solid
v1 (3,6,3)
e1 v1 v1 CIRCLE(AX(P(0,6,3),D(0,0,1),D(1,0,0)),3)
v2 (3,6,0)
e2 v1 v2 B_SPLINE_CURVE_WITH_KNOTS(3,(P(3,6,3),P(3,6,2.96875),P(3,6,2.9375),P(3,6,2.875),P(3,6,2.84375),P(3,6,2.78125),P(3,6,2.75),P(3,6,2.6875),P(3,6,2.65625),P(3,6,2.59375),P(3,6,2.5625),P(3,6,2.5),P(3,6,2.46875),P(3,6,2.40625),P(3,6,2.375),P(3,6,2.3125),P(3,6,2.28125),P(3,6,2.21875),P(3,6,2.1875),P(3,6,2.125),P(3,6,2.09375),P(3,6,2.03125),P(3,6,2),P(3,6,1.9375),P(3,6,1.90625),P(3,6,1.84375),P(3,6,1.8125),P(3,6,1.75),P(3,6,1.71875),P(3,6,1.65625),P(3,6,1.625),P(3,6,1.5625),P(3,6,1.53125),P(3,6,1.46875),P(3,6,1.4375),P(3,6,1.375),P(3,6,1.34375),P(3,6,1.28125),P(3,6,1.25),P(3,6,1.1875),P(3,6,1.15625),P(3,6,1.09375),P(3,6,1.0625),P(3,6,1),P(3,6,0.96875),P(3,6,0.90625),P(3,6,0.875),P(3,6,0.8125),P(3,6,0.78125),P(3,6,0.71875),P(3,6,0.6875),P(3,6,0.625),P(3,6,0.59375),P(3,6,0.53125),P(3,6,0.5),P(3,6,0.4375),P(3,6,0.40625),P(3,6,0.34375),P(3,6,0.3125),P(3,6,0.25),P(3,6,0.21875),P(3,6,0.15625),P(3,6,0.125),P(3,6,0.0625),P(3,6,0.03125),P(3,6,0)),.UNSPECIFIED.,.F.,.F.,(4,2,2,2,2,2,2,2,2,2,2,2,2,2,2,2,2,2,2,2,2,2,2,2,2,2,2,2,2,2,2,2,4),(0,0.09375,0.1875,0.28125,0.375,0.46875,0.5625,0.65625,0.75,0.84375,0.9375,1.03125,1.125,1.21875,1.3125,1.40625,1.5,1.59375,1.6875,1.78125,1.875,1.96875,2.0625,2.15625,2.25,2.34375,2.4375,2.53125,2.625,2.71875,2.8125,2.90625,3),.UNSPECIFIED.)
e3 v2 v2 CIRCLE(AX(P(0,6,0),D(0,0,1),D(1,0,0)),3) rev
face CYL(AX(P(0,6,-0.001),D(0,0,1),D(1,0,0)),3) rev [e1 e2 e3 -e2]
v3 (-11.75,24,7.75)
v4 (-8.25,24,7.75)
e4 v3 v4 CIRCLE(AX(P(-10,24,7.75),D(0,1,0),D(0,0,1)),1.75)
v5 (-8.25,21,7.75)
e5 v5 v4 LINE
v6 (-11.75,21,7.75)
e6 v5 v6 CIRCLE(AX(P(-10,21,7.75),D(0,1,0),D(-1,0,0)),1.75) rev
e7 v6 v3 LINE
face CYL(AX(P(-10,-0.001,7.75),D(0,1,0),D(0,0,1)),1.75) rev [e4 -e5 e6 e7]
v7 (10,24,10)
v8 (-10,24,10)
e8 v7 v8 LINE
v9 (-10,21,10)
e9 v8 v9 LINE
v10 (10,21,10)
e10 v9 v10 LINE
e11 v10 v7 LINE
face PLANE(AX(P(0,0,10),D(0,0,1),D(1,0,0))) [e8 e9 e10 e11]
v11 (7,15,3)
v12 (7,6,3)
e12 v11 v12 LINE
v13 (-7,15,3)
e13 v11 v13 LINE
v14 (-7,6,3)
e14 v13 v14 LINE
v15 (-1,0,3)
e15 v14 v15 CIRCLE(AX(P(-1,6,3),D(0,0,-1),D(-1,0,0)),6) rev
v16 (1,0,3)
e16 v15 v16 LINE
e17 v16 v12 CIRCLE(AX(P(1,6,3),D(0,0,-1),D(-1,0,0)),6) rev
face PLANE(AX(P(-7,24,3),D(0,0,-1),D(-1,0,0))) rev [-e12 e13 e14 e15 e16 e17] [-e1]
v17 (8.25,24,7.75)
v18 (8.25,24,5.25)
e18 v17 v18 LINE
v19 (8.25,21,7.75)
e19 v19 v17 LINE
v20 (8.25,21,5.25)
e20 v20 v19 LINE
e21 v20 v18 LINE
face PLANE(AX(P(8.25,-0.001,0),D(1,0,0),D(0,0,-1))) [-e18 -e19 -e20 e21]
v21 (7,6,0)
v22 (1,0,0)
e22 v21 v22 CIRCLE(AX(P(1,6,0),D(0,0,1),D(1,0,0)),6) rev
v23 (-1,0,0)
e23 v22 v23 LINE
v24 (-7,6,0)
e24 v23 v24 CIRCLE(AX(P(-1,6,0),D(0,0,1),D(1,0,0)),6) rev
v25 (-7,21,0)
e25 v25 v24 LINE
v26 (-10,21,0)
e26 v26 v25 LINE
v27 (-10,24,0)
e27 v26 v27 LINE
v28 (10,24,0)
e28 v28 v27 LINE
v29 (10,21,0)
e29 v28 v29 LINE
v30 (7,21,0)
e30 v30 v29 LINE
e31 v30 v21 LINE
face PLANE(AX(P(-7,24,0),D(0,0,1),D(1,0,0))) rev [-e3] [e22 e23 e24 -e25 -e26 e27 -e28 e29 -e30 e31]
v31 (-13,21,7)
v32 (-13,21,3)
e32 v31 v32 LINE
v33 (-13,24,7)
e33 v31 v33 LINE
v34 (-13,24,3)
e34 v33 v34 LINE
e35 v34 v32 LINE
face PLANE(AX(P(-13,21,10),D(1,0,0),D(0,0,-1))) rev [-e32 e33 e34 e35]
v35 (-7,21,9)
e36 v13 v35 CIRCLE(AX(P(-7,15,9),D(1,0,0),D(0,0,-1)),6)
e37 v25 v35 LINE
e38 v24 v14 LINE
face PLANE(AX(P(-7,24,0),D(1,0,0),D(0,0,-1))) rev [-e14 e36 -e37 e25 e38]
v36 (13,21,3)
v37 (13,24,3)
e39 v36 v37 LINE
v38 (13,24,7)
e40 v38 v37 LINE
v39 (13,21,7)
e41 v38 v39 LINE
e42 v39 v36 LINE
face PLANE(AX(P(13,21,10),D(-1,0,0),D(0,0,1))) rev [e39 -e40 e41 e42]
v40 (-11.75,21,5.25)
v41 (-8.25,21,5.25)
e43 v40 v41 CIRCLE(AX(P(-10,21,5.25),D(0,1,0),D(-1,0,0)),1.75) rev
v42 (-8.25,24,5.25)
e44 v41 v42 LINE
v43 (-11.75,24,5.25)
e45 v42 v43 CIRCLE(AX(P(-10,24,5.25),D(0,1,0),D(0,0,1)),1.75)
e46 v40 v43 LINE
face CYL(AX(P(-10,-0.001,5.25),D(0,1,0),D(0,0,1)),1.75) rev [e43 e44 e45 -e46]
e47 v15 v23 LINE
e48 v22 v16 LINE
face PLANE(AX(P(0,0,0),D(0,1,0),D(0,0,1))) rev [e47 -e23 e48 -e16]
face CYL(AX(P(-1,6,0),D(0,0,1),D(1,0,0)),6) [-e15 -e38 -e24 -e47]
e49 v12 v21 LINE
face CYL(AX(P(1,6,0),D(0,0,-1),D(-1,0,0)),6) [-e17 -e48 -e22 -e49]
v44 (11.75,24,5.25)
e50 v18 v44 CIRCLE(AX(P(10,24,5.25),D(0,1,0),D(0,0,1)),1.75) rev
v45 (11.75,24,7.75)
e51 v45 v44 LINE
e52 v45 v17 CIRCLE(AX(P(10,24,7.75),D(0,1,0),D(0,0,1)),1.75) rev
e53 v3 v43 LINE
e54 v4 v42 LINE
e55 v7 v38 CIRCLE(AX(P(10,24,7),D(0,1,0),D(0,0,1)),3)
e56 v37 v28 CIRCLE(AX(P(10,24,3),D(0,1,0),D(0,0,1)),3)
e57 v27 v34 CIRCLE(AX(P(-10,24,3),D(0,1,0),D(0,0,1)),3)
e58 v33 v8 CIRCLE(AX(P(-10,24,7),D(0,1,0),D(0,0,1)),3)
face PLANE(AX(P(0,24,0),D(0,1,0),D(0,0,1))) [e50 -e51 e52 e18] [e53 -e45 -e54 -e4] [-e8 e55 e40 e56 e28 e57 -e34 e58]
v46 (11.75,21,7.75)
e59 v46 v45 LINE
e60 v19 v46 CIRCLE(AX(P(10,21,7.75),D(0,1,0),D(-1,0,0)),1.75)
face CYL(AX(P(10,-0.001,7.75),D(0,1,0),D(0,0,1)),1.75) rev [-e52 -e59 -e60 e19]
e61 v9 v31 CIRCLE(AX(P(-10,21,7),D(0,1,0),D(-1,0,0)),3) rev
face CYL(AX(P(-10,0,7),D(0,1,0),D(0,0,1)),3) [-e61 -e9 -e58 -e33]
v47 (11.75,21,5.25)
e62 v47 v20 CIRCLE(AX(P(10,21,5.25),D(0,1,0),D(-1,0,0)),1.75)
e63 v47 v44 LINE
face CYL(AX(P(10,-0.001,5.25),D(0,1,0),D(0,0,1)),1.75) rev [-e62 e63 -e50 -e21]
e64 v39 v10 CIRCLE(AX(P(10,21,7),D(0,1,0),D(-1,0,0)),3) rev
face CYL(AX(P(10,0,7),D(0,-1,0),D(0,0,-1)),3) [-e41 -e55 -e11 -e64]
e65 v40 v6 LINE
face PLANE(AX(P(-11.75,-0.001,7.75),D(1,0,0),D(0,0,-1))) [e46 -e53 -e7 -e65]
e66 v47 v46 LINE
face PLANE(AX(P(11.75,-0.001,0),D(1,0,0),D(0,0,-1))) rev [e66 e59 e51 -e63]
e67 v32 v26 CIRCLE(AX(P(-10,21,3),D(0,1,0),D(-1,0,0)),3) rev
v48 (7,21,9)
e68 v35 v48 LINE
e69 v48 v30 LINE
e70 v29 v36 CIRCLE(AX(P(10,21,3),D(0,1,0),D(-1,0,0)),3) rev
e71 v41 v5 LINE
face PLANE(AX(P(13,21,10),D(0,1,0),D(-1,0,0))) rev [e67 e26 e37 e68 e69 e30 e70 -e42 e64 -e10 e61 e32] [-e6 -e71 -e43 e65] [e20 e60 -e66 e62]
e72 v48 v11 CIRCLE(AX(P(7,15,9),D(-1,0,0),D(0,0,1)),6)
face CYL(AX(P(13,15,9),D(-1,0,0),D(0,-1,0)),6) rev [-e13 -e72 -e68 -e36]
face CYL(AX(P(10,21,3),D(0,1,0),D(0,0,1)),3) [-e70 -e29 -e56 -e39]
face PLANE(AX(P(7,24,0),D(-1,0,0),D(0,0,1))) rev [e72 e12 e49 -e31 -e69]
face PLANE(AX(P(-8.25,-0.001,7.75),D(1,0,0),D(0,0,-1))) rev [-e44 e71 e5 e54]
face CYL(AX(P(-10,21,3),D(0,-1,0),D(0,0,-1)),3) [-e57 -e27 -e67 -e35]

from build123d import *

# Parameters (mm, degrees)
SKETCH1_W           = 14
SKETCH1_H           = 3
BOSS_EXTRUDE1_DEPTH = 24
CUT_EXTRUDE1_REACH  = 27.179
SKETCH2_R           = 3
SKETCH3_W           = 26
SKETCH3_H           = 3
BOSS_EXTRUDE2_DEPTH = 10
CUT_EXTRUDE2_REACH  = 31.069
FILLET1_R           = 3
FILLET2_R           = 6


with BuildPart() as part:
    # Sketch1 → Boss-Extrude1 (new body)
    with BuildSketch(Plane(origin=(0, 0, 0), x_dir=(1, 0, 0), z_dir=(0, 1, 0))):
        with Locations((0, -1.5)):
            Rectangle(SKETCH1_W, SKETCH1_H)
    extrude(amount=BOSS_EXTRUDE1_DEPTH)

    # Sketch2 → Cut-Extrude1 (cut, up to next)
    with BuildSketch(Plane.XY.offset(3), mode=Mode.PRIVATE) as cut_extrude1_sk1:
        with Locations((0, 6)):
            Circle(SKETCH2_R)
    cut_extrude1_tool1 = extrude(cut_extrude1_sk1.sketch, amount=-CUT_EXTRUDE1_REACH, mode=Mode.PRIVATE) & part.part
    add(cut_extrude1_tool1.solids().sort_by_distance((0, 6, 3))[0], mode=Mode.SUBTRACT)

    # Sketch3 → Boss-Extrude2 (add)
    with BuildSketch(Plane.XY):
        with Locations((0, 22.5)):
            Rectangle(SKETCH3_W, SKETCH3_H)
    extrude(amount=BOSS_EXTRUDE2_DEPTH)

    # Sketch4 → Cut-Extrude2 (cut, up to next)
    with BuildSketch(Plane(origin=(0, 24, 0), x_dir=(1, 0, 0), z_dir=(0, 1, 0)), mode=Mode.PRIVATE) as cut_extrude2_sk1:
        with BuildLine():
            ThreePointArc((8.25, -5.25), (10, -3.5), (11.75, -5.25))
            Line((11.75, -5.25), (11.75, -7.75))
            ThreePointArc((11.75, -7.75), (10, -9.5), (8.25, -7.75))
            Line((8.25, -7.75), (8.25, -5.25))
        make_face()
    cut_extrude2_tool1 = extrude(cut_extrude2_sk1.sketch, amount=-CUT_EXTRUDE2_REACH, mode=Mode.PRIVATE) & part.part
    # Sketch4 → Cut-Extrude2 (cut, up to next)
    with BuildSketch(Plane(origin=(0, 24, 0), x_dir=(1, 0, 0), z_dir=(0, 1, 0)), mode=Mode.PRIVATE) as cut_extrude2_sk2:
        with BuildLine():
            Line((-8.25, -7.75), (-8.25, -5.25))
            ThreePointArc((-8.25, -5.25), (-10, -3.5), (-11.75, -5.25))
            Line((-11.75, -5.25), (-11.75, -7.75))
            ThreePointArc((-11.75, -7.75), (-10, -9.5), (-8.25, -7.75))
        make_face()
    cut_extrude2_tool2 = extrude(cut_extrude2_sk2.sketch, amount=-CUT_EXTRUDE2_REACH, mode=Mode.PRIVATE) & part.part
    add(cut_extrude2_tool1.solids().sort_by_distance((10, 24, 6.5))[0], mode=Mode.SUBTRACT)
    add(cut_extrude2_tool2.solids().sort_by_distance((-10, 24, 6.5))[0], mode=Mode.SUBTRACT)

    # Fillet1
    fillet1_edges = [part.edges().sort_by_distance(p)[0] for p in [
        (13, 22.5, 0),
        (-13, 22.5, 0),
        (13, 22.5, 10),
        (-13, 22.5, 10),
    ]]
    fillet(fillet1_edges, radius=FILLET1_R)

    # Fillet2
    fillet2_edges = [part.edges().sort_by_distance(p)[0] for p in [
        (0, 21, 3),
        (-7, 0, 1.5),
        (7, 0, 1.5),
    ]]
    fillet(fillet2_edges, radius=FILLET2_R)


solid = part.part
